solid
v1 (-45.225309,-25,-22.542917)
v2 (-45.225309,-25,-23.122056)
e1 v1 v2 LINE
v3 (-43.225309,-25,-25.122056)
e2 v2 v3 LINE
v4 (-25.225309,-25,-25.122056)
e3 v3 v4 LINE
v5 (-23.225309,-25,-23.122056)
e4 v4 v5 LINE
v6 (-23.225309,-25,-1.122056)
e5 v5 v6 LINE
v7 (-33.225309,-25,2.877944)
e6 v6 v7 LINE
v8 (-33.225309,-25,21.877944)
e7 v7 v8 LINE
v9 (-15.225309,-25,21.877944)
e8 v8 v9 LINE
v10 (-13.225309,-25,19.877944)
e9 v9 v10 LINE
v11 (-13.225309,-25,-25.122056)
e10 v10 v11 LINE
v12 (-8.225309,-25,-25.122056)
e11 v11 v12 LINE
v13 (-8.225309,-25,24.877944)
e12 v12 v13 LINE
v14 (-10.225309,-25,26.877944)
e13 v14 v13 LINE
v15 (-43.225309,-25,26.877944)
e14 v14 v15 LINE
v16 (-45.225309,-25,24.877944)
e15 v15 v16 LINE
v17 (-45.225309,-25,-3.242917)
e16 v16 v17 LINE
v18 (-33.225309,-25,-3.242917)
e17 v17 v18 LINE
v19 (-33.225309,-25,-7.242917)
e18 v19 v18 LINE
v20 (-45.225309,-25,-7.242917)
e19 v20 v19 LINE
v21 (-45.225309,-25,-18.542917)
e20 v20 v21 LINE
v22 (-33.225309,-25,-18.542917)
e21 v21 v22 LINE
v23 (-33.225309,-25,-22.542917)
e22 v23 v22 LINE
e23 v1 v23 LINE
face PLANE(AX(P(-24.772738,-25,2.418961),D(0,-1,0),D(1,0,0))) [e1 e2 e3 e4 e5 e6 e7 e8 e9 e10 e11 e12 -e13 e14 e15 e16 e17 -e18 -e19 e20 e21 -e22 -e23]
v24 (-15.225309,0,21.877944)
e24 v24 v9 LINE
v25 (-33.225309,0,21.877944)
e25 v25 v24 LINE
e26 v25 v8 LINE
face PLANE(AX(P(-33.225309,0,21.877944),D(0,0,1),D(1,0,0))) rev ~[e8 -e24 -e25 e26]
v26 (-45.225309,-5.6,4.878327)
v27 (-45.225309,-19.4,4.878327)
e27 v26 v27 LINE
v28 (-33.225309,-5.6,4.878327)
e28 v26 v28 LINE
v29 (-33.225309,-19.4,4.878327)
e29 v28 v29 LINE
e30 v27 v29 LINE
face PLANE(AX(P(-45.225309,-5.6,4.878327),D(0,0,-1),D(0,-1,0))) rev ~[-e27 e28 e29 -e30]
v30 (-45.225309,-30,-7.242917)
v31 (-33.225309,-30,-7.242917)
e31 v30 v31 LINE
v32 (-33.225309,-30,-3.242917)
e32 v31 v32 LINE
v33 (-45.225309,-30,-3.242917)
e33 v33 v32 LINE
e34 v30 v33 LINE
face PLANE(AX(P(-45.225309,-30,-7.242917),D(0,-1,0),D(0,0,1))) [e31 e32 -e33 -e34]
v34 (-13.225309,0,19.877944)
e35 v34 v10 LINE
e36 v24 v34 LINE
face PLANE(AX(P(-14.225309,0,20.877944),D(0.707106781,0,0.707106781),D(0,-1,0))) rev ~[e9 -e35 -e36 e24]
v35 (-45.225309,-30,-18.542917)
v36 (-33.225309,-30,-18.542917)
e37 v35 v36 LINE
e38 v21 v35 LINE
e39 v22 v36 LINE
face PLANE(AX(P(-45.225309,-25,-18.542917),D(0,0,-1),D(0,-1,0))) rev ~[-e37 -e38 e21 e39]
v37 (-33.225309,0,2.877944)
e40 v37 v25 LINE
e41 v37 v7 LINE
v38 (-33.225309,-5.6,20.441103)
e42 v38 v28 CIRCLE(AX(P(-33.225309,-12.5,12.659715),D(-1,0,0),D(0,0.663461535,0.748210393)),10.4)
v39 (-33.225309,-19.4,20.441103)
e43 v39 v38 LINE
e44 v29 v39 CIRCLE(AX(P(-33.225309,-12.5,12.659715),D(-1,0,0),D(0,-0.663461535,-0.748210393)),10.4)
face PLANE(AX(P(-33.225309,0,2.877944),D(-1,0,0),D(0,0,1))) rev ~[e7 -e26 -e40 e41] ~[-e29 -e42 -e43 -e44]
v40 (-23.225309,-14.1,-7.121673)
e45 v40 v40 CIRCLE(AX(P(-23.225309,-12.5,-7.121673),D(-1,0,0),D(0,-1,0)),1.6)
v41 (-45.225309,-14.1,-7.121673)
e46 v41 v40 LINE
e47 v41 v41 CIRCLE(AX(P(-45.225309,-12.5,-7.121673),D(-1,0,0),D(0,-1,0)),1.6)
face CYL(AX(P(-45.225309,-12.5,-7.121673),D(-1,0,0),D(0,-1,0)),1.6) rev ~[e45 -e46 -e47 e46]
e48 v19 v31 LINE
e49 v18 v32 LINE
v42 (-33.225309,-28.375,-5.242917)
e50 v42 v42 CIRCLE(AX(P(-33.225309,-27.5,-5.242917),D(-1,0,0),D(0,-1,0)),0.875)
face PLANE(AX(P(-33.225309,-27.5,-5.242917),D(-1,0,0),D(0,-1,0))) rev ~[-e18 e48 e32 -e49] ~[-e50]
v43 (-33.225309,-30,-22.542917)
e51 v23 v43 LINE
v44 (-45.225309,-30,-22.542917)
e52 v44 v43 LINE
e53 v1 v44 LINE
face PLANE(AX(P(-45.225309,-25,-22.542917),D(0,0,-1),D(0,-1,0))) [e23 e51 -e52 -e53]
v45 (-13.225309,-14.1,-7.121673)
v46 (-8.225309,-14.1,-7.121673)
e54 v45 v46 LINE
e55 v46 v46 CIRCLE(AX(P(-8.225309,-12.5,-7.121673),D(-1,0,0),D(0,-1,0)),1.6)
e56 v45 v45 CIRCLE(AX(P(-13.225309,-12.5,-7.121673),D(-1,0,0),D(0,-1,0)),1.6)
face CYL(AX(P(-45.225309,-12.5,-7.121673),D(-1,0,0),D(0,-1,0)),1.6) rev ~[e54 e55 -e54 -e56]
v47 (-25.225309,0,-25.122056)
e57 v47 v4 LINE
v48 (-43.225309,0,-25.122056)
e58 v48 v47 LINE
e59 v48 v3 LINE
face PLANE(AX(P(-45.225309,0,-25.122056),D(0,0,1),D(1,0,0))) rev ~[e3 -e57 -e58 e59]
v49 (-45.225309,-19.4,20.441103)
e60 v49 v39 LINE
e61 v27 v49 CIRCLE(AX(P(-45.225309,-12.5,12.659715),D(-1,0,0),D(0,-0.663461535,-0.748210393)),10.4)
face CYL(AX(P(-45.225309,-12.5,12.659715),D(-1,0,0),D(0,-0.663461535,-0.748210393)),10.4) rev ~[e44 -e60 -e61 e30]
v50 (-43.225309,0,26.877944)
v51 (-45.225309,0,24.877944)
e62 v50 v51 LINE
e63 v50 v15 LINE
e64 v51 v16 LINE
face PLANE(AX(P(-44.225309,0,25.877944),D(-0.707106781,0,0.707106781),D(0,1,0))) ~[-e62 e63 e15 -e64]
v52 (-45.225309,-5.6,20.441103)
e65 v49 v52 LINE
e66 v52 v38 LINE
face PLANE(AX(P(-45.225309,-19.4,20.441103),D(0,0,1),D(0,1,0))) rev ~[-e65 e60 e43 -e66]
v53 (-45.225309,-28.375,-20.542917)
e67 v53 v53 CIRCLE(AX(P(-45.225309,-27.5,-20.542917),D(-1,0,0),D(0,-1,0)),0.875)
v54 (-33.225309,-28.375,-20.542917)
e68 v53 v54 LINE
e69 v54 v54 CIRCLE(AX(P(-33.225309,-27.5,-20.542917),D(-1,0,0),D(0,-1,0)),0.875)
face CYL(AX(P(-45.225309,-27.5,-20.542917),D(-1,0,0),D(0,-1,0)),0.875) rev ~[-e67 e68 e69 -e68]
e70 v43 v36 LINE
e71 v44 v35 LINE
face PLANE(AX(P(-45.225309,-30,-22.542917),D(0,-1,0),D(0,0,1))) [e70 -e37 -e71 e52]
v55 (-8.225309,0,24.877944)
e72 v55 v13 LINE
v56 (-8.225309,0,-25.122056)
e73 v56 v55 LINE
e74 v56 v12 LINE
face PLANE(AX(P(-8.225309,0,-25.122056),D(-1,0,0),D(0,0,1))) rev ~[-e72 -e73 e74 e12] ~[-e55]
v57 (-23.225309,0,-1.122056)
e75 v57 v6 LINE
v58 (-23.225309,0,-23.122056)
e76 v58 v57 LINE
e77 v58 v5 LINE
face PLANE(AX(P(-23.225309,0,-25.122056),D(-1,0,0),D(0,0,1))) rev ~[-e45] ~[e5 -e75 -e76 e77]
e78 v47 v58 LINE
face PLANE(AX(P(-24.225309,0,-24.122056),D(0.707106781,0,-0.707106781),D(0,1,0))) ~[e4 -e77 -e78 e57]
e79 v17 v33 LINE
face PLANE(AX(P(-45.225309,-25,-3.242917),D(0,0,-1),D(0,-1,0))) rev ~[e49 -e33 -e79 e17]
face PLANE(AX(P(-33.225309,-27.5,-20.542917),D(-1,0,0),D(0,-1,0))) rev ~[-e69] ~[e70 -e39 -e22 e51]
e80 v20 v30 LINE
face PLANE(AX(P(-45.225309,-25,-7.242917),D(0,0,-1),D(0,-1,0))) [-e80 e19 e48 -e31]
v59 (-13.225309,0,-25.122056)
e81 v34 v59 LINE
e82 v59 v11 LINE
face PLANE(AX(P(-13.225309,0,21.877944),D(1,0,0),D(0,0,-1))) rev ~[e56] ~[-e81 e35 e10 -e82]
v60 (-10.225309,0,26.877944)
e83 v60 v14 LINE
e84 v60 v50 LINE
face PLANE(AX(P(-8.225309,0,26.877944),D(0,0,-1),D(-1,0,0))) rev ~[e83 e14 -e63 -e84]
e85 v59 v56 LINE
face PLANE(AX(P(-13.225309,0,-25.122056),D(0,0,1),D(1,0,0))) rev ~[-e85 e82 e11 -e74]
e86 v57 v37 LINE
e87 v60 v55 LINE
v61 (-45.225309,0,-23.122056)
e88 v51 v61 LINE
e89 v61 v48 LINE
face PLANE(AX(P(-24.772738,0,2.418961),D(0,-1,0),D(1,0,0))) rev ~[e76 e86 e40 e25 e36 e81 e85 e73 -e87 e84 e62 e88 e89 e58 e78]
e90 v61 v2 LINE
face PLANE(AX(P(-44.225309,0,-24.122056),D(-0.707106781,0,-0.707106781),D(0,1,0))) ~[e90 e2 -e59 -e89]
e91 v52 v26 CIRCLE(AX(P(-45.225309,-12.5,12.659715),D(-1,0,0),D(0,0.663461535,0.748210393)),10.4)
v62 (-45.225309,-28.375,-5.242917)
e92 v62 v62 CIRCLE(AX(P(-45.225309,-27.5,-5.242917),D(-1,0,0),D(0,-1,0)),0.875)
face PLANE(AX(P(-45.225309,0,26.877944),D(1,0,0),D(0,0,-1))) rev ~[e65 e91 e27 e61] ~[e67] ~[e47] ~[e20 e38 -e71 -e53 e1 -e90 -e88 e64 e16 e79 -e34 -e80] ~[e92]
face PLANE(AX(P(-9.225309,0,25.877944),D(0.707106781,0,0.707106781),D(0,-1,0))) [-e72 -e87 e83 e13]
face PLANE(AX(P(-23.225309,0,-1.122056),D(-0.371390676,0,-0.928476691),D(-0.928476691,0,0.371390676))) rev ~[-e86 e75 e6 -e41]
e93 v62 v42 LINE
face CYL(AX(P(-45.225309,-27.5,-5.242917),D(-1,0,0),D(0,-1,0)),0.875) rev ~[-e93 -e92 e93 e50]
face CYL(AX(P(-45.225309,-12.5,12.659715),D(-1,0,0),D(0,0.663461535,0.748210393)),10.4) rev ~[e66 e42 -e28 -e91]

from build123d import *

# Parameters (mm, degrees)
F1_DEPTH = 25
F3_DEPTH = 25
F4_R     = 1.6
F5_DEPTH = 37.001
F6_SIZE  = 2
F7_W     = 5
F7_H     = 4
F7_R     = 0.875
F8_DEPTH = 12


with BuildPart() as f1:
    # F0 (on Front) → F1 (new body)
    with BuildSketch(Plane.XZ):
        Polygon((-8.225309, 26.877944), (-45.225309, 26.877944), (-45.225309, -25.122056), (-23.225309, -25.122056), (-23.225309, -1.122056), (-33.225309, 2.877944), (-33.225309, 21.877944), (-13.225309, 21.877944), (-13.225309, -25.122056), (-8.225309, -25.122056), align=None)
    extrude(amount=F1_DEPTH)

    # F2 (on face) → F3 (cut)
    with BuildSketch(Plane(origin=(-45.225309, 0, 0), x_dir=(0, -1, 0), z_dir=(-1, 0, 0))):
        with BuildLine():
            Line((19.4, 20.441103), (5.6, 20.441103))
            ThreePointArc((5.6, 20.441103), (2.1, 12.659715), (5.6, 4.878327))
            Line((5.6, 4.878327), (19.4, 4.878327))
            ThreePointArc((19.4, 4.878327), (22.9, 12.659715), (19.4, 20.441103))
        make_face()
    extrude(amount=-F3_DEPTH, mode=Mode.SUBTRACT)

    # F4 (on face) → F5 (cut, through all)
    with BuildSketch(Plane(origin=(-45.225309, 0, 0), x_dir=(0, -1, 0), z_dir=(-1, 0, 0))):
        with Locations((12.5, -7.121673)):
            Circle(F4_R)
    extrude(amount=-F5_DEPTH, mode=Mode.SUBTRACT)

    # F6
    f6_edges = [f1.edges().sort_by_distance(p)[0] for p in [
        (-45.225309, -12.5, -25.122056),
        (-23.225309, -12.5, -25.122056),
        (-13.225309, -12.5, 21.877944),
        (-8.225309, -12.5, 26.877944),
        (-45.225309, -12.5, 26.877944),
    ]]
    chamfer(f6_edges, length=F6_SIZE)

    # F7 (on face) → F8 (join, through all)
    with BuildSketch(Plane(origin=(-45.225309, 0, 0), x_dir=(0, -1, 0), z_dir=(-1, 0, 0))):
        with Locations((27.5, -20.542917)):
            Rectangle(F7_W, F7_H)
        with Locations((27.5, -20.542917)):
            Circle(F7_R, mode=Mode.SUBTRACT)
        with Locations((27.5, -5.242917)):
            Rectangle(F7_W, F7_H)
        with Locations((27.5, -5.242917)):
            Circle(F7_R, mode=Mode.SUBTRACT)
    extrude(amount=-F8_DEPTH)


solid = f1.part
